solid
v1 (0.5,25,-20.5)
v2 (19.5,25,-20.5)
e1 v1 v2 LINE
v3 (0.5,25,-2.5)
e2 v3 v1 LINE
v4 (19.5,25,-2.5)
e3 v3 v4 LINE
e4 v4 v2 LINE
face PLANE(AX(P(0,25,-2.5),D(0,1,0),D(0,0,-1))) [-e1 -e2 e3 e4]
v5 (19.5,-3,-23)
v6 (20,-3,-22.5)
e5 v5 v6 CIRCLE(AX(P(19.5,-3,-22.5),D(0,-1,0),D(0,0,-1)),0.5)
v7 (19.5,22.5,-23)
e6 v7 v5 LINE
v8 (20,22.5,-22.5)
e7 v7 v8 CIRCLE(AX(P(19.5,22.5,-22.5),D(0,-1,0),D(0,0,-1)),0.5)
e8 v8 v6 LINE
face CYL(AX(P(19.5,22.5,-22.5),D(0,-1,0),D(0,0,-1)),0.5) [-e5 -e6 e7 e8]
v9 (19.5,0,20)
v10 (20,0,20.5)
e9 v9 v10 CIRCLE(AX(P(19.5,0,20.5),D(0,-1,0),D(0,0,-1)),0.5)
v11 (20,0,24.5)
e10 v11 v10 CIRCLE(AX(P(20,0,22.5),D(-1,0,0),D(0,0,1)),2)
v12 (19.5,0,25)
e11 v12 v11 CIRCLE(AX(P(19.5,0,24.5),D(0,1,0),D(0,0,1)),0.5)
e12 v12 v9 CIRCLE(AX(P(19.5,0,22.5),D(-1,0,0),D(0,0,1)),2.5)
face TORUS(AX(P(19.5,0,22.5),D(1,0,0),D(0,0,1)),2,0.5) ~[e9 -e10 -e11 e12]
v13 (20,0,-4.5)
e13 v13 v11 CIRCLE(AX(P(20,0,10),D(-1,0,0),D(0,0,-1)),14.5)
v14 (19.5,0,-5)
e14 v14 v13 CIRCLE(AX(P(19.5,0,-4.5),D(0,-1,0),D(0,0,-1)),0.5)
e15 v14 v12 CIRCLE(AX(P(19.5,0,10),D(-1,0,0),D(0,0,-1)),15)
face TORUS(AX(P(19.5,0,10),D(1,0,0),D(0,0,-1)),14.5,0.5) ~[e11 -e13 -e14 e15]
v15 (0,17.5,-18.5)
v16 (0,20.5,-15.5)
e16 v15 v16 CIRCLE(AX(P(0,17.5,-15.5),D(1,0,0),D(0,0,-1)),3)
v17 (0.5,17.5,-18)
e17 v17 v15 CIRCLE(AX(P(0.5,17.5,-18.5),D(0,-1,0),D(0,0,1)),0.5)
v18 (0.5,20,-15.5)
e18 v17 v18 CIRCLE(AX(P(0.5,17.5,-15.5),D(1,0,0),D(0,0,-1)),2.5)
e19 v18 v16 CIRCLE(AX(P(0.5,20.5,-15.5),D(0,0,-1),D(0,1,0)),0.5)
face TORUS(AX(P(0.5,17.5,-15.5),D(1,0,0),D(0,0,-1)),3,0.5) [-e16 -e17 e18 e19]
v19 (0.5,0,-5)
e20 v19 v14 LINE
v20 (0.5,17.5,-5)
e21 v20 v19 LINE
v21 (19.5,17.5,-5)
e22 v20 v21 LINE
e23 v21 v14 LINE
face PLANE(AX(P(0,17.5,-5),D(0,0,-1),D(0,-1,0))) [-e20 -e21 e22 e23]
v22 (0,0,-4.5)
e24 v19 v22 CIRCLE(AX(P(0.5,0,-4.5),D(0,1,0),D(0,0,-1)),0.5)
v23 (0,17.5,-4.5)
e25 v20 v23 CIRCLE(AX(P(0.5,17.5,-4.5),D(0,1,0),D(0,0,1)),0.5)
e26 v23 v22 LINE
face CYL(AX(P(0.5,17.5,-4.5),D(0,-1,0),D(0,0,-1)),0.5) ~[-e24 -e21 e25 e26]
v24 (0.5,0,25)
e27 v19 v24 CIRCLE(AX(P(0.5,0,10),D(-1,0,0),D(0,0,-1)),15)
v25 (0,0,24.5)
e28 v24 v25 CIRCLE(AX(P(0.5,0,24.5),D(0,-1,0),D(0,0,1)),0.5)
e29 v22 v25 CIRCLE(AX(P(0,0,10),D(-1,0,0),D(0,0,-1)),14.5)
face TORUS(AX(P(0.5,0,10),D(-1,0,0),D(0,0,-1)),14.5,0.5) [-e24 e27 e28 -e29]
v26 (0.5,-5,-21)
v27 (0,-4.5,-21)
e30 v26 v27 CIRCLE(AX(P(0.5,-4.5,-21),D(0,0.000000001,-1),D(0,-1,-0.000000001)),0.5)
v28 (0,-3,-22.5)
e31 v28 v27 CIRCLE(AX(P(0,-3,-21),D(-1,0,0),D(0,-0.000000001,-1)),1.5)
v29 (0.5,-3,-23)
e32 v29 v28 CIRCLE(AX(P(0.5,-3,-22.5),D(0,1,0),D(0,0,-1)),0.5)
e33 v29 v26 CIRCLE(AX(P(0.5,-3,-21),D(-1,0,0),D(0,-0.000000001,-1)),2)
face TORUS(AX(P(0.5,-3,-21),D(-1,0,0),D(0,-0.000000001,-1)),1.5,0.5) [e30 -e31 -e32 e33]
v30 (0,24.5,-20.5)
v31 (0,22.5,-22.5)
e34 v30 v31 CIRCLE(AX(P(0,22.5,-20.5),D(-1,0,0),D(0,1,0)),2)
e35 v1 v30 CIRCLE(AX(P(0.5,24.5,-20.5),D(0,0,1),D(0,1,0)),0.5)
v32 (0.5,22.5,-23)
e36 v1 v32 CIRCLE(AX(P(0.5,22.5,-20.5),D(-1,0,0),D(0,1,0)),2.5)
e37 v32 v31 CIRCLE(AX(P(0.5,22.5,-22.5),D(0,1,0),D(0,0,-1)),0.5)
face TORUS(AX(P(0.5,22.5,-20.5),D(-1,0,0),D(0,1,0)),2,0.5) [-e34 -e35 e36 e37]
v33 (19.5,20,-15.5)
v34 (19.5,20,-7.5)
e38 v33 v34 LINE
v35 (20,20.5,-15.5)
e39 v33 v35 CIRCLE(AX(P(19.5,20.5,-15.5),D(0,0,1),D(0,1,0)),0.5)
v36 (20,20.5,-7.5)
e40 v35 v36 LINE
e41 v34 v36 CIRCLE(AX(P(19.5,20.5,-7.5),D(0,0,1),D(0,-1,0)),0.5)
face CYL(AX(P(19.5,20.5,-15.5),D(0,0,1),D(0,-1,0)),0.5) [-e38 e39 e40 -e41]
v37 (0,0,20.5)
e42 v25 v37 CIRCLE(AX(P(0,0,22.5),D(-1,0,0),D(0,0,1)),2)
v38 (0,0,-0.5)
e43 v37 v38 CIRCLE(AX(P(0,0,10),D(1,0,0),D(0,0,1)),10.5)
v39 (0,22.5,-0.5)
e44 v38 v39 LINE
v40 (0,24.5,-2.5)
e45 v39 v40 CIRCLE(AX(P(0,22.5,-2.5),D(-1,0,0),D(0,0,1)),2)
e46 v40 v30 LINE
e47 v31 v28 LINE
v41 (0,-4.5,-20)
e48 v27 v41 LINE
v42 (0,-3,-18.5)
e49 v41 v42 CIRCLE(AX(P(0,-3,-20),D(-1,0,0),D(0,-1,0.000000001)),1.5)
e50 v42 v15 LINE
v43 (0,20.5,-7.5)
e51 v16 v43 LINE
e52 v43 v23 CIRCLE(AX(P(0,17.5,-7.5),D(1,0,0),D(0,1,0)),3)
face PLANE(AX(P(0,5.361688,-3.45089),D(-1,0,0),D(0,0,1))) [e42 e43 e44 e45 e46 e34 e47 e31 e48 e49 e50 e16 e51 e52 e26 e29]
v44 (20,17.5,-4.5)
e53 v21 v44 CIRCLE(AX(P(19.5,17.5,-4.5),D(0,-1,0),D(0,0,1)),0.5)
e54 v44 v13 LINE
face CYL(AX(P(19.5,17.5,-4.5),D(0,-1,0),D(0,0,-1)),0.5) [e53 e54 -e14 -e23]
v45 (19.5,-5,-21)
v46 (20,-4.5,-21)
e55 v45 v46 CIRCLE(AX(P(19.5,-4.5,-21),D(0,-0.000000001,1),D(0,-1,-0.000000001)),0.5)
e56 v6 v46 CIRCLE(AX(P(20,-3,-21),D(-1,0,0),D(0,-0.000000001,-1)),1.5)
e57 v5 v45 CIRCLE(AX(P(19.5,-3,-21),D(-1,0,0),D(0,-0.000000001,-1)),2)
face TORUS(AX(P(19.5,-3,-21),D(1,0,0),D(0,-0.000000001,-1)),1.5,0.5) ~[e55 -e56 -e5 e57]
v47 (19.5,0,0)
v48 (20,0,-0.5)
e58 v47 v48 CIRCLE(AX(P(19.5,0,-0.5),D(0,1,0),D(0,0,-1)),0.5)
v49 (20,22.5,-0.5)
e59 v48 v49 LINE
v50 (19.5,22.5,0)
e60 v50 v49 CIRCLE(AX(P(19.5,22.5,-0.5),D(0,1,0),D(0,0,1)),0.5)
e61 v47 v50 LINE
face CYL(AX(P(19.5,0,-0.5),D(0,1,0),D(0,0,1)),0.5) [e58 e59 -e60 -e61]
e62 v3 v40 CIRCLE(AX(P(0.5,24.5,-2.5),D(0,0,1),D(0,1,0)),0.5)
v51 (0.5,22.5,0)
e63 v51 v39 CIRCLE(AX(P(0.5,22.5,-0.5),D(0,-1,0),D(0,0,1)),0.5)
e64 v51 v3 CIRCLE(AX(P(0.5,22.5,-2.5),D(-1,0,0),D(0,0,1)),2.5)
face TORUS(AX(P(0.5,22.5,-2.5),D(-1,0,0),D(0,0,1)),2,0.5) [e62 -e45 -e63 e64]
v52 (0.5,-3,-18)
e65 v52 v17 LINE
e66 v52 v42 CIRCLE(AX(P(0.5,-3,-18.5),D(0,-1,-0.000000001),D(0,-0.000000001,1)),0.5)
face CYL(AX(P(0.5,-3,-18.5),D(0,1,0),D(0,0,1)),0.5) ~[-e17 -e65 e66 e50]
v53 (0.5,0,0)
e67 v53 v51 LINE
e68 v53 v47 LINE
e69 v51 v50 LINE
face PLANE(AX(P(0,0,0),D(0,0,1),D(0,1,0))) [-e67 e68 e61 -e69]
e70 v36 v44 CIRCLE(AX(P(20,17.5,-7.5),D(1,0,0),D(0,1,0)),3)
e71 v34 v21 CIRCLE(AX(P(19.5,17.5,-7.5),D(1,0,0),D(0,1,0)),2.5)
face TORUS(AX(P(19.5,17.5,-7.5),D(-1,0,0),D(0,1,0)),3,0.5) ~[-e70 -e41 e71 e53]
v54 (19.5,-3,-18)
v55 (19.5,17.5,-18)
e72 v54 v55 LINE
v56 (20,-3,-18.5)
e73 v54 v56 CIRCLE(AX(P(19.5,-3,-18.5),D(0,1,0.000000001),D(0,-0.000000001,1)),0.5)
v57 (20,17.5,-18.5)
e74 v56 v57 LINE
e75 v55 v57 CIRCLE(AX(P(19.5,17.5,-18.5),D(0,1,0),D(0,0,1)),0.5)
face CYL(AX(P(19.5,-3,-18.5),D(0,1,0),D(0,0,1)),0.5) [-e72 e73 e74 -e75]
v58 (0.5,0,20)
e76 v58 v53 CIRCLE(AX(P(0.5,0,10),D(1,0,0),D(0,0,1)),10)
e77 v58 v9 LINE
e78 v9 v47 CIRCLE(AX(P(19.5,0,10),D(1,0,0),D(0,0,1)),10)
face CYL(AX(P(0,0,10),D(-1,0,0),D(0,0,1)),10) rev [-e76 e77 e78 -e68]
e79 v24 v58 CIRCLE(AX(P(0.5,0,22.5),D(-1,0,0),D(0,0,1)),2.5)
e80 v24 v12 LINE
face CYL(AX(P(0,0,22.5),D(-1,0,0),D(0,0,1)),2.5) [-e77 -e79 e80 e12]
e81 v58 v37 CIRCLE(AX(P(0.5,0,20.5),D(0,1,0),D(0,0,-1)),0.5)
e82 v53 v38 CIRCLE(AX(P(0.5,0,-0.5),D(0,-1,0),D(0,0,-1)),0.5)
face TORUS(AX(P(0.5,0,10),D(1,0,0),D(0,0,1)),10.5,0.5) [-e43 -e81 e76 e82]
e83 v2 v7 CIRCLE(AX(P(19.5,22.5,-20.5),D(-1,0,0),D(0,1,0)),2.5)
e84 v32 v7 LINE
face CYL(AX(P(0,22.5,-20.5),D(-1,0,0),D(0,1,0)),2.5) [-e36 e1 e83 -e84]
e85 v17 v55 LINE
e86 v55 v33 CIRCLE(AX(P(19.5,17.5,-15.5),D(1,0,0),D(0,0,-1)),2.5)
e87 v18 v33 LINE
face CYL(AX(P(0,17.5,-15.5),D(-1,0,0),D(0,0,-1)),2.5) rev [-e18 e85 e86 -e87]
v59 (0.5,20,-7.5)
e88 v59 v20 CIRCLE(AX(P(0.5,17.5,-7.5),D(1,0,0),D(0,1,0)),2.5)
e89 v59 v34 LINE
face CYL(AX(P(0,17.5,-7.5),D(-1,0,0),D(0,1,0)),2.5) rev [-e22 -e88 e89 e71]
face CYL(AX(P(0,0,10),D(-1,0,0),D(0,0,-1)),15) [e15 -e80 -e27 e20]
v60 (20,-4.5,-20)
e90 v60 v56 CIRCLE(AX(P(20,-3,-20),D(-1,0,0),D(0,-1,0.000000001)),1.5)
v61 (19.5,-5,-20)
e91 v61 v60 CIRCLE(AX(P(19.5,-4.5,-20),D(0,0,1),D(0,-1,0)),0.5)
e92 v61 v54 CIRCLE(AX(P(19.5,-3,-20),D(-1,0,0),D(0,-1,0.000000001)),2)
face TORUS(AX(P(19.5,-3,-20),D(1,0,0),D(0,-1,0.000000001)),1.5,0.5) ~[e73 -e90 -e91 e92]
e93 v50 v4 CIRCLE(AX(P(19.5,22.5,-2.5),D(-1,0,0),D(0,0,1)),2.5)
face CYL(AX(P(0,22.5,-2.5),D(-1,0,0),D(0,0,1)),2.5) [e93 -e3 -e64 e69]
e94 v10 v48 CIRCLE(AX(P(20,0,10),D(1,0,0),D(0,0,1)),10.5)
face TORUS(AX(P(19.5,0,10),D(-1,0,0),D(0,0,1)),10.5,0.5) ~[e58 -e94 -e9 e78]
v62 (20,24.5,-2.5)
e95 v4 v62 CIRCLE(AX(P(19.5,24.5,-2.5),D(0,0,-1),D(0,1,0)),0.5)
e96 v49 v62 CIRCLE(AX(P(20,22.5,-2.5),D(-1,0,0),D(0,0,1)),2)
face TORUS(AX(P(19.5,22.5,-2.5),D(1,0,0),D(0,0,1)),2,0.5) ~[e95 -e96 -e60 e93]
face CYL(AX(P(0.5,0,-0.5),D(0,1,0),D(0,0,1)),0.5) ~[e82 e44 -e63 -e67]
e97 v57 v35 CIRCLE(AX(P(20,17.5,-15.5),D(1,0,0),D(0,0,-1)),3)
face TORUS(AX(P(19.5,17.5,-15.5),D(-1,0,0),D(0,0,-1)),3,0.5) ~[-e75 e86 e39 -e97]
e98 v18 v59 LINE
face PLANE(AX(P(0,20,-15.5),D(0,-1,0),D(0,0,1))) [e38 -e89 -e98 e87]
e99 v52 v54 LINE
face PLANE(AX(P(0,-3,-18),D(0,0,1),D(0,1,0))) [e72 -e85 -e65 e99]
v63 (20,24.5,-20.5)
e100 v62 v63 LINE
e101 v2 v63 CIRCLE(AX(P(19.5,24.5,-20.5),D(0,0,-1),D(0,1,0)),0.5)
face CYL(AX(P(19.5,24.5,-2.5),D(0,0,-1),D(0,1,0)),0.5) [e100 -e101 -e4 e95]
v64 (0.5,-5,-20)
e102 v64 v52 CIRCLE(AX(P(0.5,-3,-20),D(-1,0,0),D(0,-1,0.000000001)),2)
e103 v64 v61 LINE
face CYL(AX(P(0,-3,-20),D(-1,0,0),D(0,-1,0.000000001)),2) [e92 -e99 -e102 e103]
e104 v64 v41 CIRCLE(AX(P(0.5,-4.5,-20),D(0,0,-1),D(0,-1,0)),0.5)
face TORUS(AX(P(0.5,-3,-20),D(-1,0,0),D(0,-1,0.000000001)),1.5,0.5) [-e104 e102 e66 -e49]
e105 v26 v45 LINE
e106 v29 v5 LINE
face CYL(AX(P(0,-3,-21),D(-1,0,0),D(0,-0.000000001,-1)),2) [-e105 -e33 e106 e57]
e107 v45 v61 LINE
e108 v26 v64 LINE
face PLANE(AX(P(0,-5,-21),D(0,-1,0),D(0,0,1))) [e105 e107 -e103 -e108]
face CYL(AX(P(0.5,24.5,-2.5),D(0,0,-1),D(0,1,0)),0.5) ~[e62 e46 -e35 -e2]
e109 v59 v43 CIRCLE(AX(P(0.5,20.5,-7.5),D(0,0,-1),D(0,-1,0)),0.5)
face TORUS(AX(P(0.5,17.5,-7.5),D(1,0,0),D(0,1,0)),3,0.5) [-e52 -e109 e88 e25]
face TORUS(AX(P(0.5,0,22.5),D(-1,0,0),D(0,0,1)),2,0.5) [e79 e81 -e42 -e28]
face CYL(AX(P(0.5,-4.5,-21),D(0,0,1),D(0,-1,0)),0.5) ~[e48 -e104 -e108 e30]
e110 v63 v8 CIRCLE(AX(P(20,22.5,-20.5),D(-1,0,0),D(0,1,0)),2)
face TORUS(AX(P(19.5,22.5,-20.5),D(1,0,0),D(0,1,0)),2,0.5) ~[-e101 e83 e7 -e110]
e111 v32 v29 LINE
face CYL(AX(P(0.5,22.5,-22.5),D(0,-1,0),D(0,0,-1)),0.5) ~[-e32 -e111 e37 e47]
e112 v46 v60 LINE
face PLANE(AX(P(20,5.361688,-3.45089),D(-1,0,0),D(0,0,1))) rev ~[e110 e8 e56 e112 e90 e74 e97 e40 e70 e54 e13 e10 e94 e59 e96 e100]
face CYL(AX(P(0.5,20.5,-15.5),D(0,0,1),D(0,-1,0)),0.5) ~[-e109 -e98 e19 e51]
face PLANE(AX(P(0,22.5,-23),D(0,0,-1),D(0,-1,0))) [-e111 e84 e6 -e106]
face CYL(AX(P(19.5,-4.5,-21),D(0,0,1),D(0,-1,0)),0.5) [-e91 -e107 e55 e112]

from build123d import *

# Parameters (mm, degrees)
BOSS_EXTRUDE1_DEPTH = 20
FILLET1_R           = 0.5


with BuildPart() as part:
    # Sketch1 → Boss-Extrude1 (new body)
    with BuildSketch(Plane(origin=(0, 0, 0), x_dir=(0, 0, -1), z_dir=(1, 0, 0))):
        with BuildLine():
            Line((0, 0), (0, 22.5))
            ThreePointArc((0, 22.5), (0.732233047, 24.267766953), (2.5, 25))
            Line((2.5, 25), (20.5, 25))
            ThreePointArc((20.5, 25), (22.267766953, 24.267766953), (23, 22.5))
            Line((23, 22.5), (23, -3))
            ThreePointArc((23, -3), (22.414213562, -4.414213562), (21, -5))
            Line((21, -5), (20, -5))
            ThreePointArc((20, -5), (18.585786438, -4.414213562), (18, -3))
            Line((18, -3), (18, 17.5))
            ThreePointArc((18, 17.5), (17.267766953, 19.267766953), (15.5, 20))
            Line((15.5, 20), (7.5, 20))
            ThreePointArc((7.5, 20), (5.732233047, 19.267766953), (5, 17.5))
            Line((5, 17.5), (5, 0))
            ThreePointArc((5, 0), (-10, -15), (-25, 0))
            ThreePointArc((-25, 0), (-22.5, 2.5), (-20, 0))
            ThreePointArc((-20, 0), (-10, -10), (0, 0))
        make_face()
    extrude(amount=BOSS_EXTRUDE1_DEPTH)

    # Fillet1
    fillet1_edges = [part.edges().sort_by_distance(p)[0] for p in [
        (20, 24.267766953, -0.732233047),
        (0, 2.5, 22.5),
        (0, -15, 10),
        (0, 8.75, -5),
        (20, 25, -11.5),
        (0, 19.267766953, -5.732233047),
        (0, 20, -11.5),
        (0, 19.267766953, -17.267766953),
        (0, 7.25, -18),
        (0, -4.414213562, -18.585786438),
        (0, -5, -20.5),
        (0, -4.414213562, -22.414213562),
        (0, 9.75, -23),
        (0, 24.267766953, -22.267766953),
        (0, 25, -11.5),
        (20, 24.267766953, -22.267766953),
        (0, 24.267766953, -0.732233047),
        (0, 11.25, 0),
        (0, -10, 10),
        (20, 9.75, -23),
        (20, -4.414213562, -22.414213562),
        (20, -5, -20.5),
        (20, -4.414213562, -18.585786438),
        (20, 7.25, -18),
        (20, 19.267766953, -17.267766953),
        (20, 20, -11.5),
        (20, -10, 10),
        (20, 19.267766953, -5.732233047),
        (20, 8.75, -5),
        (20, -15, 10),
        (20, 2.5, 22.5),
        (20, 11.25, 0),
    ]]
    fillet(fillet1_edges, radius=FILLET1_R)


solid = part.part
